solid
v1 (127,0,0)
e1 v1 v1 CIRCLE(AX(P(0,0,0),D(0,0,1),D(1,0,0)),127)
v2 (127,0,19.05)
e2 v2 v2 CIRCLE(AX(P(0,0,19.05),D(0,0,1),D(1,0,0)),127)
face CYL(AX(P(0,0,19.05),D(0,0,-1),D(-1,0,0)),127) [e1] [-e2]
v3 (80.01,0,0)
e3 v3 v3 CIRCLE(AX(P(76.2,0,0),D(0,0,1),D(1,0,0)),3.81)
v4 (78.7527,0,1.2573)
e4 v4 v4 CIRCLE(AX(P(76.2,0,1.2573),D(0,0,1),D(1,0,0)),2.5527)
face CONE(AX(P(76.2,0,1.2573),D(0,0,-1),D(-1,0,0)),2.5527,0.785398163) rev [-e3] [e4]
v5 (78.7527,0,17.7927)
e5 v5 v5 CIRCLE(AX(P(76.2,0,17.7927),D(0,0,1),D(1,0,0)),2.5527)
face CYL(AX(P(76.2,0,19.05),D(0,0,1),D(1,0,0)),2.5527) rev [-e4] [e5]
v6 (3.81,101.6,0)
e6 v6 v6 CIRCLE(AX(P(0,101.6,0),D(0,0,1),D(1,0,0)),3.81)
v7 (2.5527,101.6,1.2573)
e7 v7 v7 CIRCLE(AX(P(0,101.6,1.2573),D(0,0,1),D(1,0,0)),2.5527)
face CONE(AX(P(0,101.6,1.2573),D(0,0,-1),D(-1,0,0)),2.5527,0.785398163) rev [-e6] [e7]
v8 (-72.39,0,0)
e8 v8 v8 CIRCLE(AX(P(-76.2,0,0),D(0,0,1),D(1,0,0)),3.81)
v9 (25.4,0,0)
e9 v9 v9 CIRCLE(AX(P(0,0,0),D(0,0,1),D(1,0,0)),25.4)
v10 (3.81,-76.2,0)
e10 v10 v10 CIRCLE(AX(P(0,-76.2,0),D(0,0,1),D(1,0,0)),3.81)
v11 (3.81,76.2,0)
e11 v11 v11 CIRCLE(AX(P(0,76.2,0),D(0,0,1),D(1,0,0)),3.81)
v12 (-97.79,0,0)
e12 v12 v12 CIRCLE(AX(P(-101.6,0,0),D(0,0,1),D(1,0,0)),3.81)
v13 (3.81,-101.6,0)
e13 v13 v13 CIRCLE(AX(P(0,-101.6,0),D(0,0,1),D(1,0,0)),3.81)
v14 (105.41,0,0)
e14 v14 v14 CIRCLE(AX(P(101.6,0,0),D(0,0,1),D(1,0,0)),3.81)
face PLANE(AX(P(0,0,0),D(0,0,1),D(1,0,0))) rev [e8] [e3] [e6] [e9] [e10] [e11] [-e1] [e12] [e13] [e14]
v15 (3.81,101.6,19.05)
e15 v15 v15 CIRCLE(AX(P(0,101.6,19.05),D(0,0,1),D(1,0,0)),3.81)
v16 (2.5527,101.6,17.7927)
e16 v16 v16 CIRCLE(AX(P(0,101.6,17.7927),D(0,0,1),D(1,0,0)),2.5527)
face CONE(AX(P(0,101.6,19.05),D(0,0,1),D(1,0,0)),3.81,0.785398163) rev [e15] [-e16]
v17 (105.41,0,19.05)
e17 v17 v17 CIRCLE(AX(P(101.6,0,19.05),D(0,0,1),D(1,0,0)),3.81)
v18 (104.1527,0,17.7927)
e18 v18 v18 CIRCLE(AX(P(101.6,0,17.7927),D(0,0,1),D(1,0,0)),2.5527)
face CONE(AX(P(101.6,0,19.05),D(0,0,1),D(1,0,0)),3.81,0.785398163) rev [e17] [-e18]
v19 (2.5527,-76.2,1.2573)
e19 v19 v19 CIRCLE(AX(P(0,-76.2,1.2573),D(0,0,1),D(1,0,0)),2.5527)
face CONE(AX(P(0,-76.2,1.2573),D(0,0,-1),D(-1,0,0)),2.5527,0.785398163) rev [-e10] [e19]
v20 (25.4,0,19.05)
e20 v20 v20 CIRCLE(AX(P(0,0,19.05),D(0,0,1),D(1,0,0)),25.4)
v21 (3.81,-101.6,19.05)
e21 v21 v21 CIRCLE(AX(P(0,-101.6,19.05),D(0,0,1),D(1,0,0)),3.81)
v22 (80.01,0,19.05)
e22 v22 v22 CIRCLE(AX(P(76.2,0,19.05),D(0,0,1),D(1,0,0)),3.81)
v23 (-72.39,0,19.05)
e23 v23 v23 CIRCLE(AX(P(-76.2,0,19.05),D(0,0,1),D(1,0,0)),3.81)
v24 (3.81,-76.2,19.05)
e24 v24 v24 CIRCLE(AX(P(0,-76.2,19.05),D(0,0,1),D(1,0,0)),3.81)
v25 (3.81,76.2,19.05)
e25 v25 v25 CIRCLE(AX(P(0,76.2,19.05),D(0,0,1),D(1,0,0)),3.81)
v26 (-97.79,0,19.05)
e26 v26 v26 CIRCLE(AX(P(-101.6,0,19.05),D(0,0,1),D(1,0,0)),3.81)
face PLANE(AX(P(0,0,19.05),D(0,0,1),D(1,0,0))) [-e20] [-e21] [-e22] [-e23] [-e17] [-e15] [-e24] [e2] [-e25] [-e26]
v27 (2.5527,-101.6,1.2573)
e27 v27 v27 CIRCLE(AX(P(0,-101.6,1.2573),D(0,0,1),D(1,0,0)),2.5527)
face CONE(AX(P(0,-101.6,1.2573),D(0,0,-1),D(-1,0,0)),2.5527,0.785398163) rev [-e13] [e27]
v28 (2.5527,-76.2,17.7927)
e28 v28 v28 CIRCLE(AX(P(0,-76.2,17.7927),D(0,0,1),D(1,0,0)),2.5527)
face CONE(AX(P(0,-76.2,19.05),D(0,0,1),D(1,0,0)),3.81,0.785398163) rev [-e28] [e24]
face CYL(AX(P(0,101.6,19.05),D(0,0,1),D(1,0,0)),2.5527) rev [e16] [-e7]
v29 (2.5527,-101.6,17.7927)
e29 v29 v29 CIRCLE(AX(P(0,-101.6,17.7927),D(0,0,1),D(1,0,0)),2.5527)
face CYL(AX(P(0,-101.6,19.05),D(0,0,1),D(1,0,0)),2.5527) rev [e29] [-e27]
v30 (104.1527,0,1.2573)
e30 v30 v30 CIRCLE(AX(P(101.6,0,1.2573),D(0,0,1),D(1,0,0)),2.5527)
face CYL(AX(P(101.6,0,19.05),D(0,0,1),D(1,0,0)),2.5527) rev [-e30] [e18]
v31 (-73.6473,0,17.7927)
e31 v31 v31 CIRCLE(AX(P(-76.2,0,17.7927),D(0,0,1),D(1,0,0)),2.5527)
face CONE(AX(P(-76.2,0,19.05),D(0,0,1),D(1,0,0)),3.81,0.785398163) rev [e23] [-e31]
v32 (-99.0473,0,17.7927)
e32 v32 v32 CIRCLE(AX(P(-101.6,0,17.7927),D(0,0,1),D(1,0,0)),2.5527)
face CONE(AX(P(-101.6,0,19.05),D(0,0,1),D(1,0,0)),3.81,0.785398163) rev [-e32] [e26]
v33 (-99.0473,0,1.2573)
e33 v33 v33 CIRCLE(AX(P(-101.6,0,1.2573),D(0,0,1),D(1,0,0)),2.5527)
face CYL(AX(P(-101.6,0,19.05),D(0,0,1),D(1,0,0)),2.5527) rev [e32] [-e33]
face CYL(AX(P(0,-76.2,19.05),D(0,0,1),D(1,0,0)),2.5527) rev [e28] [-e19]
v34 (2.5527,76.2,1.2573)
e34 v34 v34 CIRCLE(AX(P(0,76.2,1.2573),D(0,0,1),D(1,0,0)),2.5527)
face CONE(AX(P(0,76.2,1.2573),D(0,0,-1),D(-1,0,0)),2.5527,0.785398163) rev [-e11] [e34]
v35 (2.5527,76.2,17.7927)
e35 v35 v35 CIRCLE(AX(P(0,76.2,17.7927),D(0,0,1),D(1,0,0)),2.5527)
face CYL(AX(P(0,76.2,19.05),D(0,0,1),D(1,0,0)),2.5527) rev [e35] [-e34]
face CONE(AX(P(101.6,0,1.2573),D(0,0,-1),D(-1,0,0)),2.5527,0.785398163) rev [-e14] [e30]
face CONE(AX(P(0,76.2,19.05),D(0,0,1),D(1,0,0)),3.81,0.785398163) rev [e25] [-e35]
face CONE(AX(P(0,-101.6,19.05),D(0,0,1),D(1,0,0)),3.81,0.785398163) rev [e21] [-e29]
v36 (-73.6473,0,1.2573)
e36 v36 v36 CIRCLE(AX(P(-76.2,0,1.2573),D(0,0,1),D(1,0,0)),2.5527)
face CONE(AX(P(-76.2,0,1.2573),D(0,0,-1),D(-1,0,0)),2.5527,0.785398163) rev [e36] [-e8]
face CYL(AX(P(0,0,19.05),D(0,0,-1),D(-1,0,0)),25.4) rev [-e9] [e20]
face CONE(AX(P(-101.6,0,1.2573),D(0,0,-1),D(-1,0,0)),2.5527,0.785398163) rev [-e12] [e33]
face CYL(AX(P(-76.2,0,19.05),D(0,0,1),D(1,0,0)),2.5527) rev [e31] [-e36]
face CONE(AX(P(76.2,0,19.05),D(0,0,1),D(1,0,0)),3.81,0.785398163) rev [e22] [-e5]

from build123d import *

# Parameters (mm, degrees)
SKETCH1_R                        = 127
SKETCH1_R_2                      = 25.4
BOSS_EXTRUDE2_DEPTH              = 19.05
F_1_4_20_TAPPED_HOLE1_AT_2_COUNT = 2
F_1_4_20_TAPPED_HOLE1_AT_2_PITCH = 127
F_1_4_20_TAPPED_HOLE1_AT_3_COUNT = 2
F_1_4_20_TAPPED_HOLE1_AT_3_PITCH = 107.763073453
F_1_4_20_TAPPED_HOLE1_AT_4_COUNT = 2
F_1_4_20_TAPPED_HOLE1_AT_4_PITCH = 177.8
F_1_4_20_TAPPED_HOLE1_AT_5_COUNT = 2
F_1_4_20_TAPPED_HOLE1_AT_5_PITCH = 152.4
F_1_4_20_TAPPED_HOLE1_AT_6_COUNT = 2
F_1_4_20_TAPPED_HOLE1_AT_6_PITCH = 127
F_1_4_20_TAPPED_HOLE1_AT_7_COUNT = 2
F_1_4_20_TAPPED_HOLE1_AT_7_PITCH = 107.763073453
F_1_4_20_TAPPED_HOLE1_AT_8_COUNT = 2
F_1_4_20_TAPPED_HOLE1_AT_8_PITCH = 25.4


with BuildPart() as part:
    # Sketch1 → Boss-Extrude2 (new body)
    with BuildSketch(Plane.XY):
        Circle(SKETCH1_R)
        Circle(SKETCH1_R_2, mode=Mode.SUBTRACT)
    extrude(amount=BOSS_EXTRUDE2_DEPTH)

    # Sketch5 → 1/4-20 Tapped Hole1 (revolve, cut)
    with BuildSketch(Plane(origin=(-76.2, 0, 19.05), x_dir=(0, -1, 0), z_dir=(1, 0, 0))):
        Polygon((0, 0), (0, 19.05), (3.81, 19.05), (2.5527, 17.7927), (2.5527, 1.2573), (3.81, 0), align=None)
    f_1_4_20_tapped_hole1 = revolve(axis=Axis((-76.2, 0, 25.4), (0, 0, -1)), mode=Mode.SUBTRACT)

    # 1/4-20 Tapped Hole1 at 2: 1/4-20 Tapped Hole1 ×2
    with Locations(*[Vector(0.6, 0.8, 0) * (i * F_1_4_20_TAPPED_HOLE1_AT_2_PITCH) for i in range(1, F_1_4_20_TAPPED_HOLE1_AT_2_COUNT)]):
        add(f_1_4_20_tapped_hole1, mode=Mode.SUBTRACT)

    # 1/4-20 Tapped Hole1 at 3: 1/4-20 Tapped Hole1 ×2
    with Locations(*[Vector(0.707106781, 0.707106781, 0) * (i * F_1_4_20_TAPPED_HOLE1_AT_3_PITCH) for i in range(1, F_1_4_20_TAPPED_HOLE1_AT_3_COUNT)]):
        add(f_1_4_20_tapped_hole1, mode=Mode.SUBTRACT)

    # 1/4-20 Tapped Hole1 at 4: 1/4-20 Tapped Hole1 ×2
    with Locations(*[(i * F_1_4_20_TAPPED_HOLE1_AT_4_PITCH, 0, 0) for i in range(1, F_1_4_20_TAPPED_HOLE1_AT_4_COUNT)]):
        add(f_1_4_20_tapped_hole1, mode=Mode.SUBTRACT)

    # 1/4-20 Tapped Hole1 at 5: 1/4-20 Tapped Hole1 ×2
    with Locations(*[(i * F_1_4_20_TAPPED_HOLE1_AT_5_PITCH, 0, 0) for i in range(1, F_1_4_20_TAPPED_HOLE1_AT_5_COUNT)]):
        add(f_1_4_20_tapped_hole1, mode=Mode.SUBTRACT)

    # 1/4-20 Tapped Hole1 at 6: 1/4-20 Tapped Hole1 ×2
    with Locations(*[Vector(0.6, -0.8, 0) * (i * F_1_4_20_TAPPED_HOLE1_AT_6_PITCH) for i in range(1, F_1_4_20_TAPPED_HOLE1_AT_6_COUNT)]):
        add(f_1_4_20_tapped_hole1, mode=Mode.SUBTRACT)

    # 1/4-20 Tapped Hole1 at 7: 1/4-20 Tapped Hole1 ×2
    with Locations(*[Vector(0.707106781, -0.707106781, 0) * (i * F_1_4_20_TAPPED_HOLE1_AT_7_PITCH) for i in range(1, F_1_4_20_TAPPED_HOLE1_AT_7_COUNT)]):
        add(f_1_4_20_tapped_hole1, mode=Mode.SUBTRACT)

    # 1/4-20 Tapped Hole1 at 8: 1/4-20 Tapped Hole1 ×2
    with Locations(*[(-i * F_1_4_20_TAPPED_HOLE1_AT_8_PITCH, 0, 0) for i in range(1, F_1_4_20_TAPPED_HOLE1_AT_8_COUNT)]):
        add(f_1_4_20_tapped_hole1, mode=Mode.SUBTRACT)


solid = part.part
